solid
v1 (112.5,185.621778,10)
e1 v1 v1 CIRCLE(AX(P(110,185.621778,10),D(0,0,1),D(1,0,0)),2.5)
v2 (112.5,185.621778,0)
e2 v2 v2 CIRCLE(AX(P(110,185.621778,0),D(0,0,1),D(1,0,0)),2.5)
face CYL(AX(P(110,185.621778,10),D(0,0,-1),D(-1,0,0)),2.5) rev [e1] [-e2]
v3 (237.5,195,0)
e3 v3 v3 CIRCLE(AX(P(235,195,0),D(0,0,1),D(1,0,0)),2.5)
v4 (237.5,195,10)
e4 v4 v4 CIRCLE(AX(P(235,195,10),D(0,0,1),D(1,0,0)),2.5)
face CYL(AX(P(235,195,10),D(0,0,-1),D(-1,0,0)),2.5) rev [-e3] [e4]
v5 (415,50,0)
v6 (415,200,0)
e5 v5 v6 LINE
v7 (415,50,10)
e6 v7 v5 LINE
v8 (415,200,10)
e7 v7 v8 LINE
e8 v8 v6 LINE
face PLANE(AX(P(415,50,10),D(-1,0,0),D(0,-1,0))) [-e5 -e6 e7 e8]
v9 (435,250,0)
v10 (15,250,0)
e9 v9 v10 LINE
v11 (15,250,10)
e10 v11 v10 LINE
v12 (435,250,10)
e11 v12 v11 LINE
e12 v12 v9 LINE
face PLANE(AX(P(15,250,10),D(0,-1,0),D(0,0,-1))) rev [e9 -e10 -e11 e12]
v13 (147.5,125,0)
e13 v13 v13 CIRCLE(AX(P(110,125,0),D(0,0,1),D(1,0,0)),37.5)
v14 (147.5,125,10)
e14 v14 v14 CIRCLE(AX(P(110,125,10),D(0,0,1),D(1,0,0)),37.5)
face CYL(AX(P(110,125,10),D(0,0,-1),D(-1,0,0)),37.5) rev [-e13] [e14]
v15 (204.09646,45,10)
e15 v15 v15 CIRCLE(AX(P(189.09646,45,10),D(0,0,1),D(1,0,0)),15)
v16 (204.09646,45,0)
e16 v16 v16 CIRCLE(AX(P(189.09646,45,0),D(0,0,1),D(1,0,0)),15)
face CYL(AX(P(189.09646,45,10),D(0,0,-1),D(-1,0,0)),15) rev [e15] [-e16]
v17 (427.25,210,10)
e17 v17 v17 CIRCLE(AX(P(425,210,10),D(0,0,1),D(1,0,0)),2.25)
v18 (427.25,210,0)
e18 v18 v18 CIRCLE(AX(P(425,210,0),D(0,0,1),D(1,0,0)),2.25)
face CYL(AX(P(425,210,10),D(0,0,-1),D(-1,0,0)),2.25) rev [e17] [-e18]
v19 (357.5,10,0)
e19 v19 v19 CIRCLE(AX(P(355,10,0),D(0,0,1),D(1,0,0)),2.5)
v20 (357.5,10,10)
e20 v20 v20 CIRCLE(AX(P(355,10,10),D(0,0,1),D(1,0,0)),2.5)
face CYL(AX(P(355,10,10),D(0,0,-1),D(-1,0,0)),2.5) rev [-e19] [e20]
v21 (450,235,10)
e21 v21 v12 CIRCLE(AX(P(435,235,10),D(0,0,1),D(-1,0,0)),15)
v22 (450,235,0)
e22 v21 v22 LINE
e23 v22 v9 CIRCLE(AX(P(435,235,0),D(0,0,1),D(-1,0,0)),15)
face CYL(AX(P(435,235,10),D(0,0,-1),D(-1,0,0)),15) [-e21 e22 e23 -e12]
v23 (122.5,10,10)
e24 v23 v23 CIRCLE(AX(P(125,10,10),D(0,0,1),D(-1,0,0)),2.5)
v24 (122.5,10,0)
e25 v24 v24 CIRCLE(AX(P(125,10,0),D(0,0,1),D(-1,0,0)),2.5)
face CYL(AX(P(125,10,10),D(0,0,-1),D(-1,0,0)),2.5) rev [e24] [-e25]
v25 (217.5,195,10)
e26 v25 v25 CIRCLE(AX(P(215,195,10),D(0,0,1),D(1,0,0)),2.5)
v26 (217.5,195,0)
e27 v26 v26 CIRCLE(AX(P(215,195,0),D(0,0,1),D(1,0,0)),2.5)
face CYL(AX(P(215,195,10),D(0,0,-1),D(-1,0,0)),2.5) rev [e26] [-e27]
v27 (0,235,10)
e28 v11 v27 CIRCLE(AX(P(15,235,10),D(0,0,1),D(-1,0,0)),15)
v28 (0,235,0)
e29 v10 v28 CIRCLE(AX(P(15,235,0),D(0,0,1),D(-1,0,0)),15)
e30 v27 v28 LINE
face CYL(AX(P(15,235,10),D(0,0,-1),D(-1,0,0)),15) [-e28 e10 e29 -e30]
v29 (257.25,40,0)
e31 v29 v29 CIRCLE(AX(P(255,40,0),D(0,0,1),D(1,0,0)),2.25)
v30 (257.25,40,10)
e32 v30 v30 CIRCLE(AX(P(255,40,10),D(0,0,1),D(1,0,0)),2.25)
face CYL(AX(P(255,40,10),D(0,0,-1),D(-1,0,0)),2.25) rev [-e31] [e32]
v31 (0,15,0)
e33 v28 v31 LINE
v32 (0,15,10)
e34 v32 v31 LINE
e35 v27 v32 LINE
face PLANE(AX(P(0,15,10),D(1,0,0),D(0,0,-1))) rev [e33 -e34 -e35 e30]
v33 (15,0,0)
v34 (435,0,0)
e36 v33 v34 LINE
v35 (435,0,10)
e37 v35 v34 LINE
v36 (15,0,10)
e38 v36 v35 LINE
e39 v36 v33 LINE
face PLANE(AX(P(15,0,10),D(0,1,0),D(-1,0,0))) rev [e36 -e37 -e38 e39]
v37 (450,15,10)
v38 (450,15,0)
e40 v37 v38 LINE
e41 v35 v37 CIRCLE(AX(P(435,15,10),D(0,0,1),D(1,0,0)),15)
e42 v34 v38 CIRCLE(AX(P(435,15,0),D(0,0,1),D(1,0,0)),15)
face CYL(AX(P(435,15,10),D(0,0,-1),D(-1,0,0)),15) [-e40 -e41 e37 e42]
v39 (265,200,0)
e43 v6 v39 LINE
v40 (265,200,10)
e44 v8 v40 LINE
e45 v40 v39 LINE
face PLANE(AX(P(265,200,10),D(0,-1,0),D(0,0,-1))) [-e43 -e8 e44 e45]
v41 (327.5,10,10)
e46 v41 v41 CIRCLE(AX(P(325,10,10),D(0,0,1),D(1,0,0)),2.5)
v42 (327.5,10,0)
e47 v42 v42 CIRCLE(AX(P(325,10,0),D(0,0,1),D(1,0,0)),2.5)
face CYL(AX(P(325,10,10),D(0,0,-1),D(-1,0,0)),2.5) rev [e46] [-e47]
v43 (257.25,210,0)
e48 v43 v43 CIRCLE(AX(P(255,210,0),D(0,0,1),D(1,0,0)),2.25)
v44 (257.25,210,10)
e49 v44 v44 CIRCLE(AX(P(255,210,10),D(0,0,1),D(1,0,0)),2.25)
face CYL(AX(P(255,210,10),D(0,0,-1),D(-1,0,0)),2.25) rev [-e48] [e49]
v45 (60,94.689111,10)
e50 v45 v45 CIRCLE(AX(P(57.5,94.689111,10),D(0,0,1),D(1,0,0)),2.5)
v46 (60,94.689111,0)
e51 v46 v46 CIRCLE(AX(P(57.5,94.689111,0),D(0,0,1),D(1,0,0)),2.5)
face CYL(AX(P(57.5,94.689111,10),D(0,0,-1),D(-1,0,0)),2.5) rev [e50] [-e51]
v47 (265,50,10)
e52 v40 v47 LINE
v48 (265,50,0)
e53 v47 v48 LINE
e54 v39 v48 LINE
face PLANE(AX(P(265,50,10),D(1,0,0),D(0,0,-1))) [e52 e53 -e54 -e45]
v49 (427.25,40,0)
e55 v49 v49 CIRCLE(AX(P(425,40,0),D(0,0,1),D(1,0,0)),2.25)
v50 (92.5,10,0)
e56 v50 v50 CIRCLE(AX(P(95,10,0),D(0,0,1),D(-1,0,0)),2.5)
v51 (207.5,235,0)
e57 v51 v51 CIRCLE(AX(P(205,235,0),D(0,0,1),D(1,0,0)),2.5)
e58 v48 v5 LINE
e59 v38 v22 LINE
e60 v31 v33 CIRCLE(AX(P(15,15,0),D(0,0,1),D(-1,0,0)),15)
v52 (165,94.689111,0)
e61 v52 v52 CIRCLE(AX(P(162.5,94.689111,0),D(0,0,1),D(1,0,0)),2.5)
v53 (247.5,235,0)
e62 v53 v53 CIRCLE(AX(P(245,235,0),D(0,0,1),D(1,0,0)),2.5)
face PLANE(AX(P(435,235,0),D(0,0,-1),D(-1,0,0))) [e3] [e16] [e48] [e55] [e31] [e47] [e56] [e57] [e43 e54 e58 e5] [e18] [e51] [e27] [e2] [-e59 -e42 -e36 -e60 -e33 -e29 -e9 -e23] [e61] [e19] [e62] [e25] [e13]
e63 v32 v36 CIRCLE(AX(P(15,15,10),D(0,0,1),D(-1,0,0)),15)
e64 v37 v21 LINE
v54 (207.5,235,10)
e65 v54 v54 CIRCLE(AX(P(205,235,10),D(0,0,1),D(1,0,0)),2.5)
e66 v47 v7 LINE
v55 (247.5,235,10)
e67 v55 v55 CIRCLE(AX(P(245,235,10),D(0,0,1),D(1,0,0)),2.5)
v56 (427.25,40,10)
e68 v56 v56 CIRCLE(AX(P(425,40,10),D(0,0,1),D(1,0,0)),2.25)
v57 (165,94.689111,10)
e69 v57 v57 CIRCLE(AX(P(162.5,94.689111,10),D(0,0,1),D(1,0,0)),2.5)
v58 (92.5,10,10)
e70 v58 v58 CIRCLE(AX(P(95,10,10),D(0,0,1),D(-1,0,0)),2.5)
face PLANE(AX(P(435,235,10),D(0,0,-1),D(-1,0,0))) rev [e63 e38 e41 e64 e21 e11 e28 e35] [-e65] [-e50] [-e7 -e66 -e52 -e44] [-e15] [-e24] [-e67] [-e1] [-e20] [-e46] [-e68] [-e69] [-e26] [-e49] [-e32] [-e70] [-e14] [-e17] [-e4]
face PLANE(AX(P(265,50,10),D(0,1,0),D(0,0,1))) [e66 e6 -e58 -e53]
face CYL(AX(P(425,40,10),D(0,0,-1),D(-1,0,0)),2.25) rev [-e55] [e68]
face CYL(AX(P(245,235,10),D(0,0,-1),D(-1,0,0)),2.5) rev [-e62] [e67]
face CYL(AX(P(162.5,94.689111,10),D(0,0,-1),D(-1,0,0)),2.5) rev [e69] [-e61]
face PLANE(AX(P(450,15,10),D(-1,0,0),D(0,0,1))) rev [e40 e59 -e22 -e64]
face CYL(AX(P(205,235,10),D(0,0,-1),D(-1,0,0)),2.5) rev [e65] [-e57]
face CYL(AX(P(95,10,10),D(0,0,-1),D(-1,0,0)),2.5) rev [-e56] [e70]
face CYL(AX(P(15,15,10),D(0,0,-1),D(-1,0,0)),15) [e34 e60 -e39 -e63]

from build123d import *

# Parameters (mm, degrees)
CROQUIS1_R              = 2.5
CROQUIS1_R_2            = 37.5
CROQUIS1_R_3            = 15
CROQUIS1_R_4            = 2.25
CROQUIS1_W              = 150
CROQUIS1_H              = 150
SALIENTE_EXTRUIR1_DEPTH = 10


with BuildPart() as part:
    # Croquis1 → Saliente-Extruir1 (new body)
    with BuildSketch(Plane.XY):
        with BuildLine():
            Line((15, 0), (435, 0))
            ThreePointArc((435, 0), (445.606601718, 4.393398282), (450, 15))
            Line((450, 15), (450, 235))
            ThreePointArc((450, 235), (445.606601718, 245.606601718), (435, 250))
            Line((435, 250), (15, 250))
            ThreePointArc((15, 250), (4.393398282, 245.606601718), (0, 235))
            Line((0, 235), (0, 15))
            ThreePointArc((0, 15), (4.393398282, 4.393398282), (15, 0))
        make_face()
        with Locations((110, 185.621778265)):
            Circle(CROQUIS1_R, mode=Mode.SUBTRACT)
        with Locations((162.5, 94.689110868)):
            Circle(CROQUIS1_R, mode=Mode.SUBTRACT)
        with Locations((57.5, 94.689110868)):
            Circle(CROQUIS1_R, mode=Mode.SUBTRACT)
        with Locations((110, 125)):
            Circle(CROQUIS1_R_2, mode=Mode.SUBTRACT)
        with Locations((205, 235)):
            Circle(CROQUIS1_R, mode=Mode.SUBTRACT)
        with Locations((245, 235)):
            Circle(CROQUIS1_R, mode=Mode.SUBTRACT)
        with Locations((189.096460098, 45)):
            Circle(CROQUIS1_R_3, mode=Mode.SUBTRACT)
        with Locations((425, 210)):
            Circle(CROQUIS1_R_4, mode=Mode.SUBTRACT)
        with Locations((255, 210)):
            Circle(CROQUIS1_R_4, mode=Mode.SUBTRACT)
        with Locations((255, 40)):
            Circle(CROQUIS1_R_4, mode=Mode.SUBTRACT)
        with Locations((425, 40)):
            Circle(CROQUIS1_R_4, mode=Mode.SUBTRACT)
        with Locations((325, 10)):
            Circle(CROQUIS1_R, mode=Mode.SUBTRACT)
        with Locations((355, 10)):
            Circle(CROQUIS1_R, mode=Mode.SUBTRACT)
        with Locations(Location((95, 10, 0), (0, 0, 180))):
            Circle(CROQUIS1_R, mode=Mode.SUBTRACT)
        with Locations(Location((125, 10, 0), (0, 0, 180))):
            Circle(CROQUIS1_R, mode=Mode.SUBTRACT)
        with Locations((215, 195)):
            Circle(CROQUIS1_R, mode=Mode.SUBTRACT)
        with Locations((235, 195)):
            Circle(CROQUIS1_R, mode=Mode.SUBTRACT)
        with Locations((340, 125)):
            Rectangle(CROQUIS1_W, CROQUIS1_H, mode=Mode.SUBTRACT)
    extrude(amount=SALIENTE_EXTRUIR1_DEPTH)


solid = part.part
